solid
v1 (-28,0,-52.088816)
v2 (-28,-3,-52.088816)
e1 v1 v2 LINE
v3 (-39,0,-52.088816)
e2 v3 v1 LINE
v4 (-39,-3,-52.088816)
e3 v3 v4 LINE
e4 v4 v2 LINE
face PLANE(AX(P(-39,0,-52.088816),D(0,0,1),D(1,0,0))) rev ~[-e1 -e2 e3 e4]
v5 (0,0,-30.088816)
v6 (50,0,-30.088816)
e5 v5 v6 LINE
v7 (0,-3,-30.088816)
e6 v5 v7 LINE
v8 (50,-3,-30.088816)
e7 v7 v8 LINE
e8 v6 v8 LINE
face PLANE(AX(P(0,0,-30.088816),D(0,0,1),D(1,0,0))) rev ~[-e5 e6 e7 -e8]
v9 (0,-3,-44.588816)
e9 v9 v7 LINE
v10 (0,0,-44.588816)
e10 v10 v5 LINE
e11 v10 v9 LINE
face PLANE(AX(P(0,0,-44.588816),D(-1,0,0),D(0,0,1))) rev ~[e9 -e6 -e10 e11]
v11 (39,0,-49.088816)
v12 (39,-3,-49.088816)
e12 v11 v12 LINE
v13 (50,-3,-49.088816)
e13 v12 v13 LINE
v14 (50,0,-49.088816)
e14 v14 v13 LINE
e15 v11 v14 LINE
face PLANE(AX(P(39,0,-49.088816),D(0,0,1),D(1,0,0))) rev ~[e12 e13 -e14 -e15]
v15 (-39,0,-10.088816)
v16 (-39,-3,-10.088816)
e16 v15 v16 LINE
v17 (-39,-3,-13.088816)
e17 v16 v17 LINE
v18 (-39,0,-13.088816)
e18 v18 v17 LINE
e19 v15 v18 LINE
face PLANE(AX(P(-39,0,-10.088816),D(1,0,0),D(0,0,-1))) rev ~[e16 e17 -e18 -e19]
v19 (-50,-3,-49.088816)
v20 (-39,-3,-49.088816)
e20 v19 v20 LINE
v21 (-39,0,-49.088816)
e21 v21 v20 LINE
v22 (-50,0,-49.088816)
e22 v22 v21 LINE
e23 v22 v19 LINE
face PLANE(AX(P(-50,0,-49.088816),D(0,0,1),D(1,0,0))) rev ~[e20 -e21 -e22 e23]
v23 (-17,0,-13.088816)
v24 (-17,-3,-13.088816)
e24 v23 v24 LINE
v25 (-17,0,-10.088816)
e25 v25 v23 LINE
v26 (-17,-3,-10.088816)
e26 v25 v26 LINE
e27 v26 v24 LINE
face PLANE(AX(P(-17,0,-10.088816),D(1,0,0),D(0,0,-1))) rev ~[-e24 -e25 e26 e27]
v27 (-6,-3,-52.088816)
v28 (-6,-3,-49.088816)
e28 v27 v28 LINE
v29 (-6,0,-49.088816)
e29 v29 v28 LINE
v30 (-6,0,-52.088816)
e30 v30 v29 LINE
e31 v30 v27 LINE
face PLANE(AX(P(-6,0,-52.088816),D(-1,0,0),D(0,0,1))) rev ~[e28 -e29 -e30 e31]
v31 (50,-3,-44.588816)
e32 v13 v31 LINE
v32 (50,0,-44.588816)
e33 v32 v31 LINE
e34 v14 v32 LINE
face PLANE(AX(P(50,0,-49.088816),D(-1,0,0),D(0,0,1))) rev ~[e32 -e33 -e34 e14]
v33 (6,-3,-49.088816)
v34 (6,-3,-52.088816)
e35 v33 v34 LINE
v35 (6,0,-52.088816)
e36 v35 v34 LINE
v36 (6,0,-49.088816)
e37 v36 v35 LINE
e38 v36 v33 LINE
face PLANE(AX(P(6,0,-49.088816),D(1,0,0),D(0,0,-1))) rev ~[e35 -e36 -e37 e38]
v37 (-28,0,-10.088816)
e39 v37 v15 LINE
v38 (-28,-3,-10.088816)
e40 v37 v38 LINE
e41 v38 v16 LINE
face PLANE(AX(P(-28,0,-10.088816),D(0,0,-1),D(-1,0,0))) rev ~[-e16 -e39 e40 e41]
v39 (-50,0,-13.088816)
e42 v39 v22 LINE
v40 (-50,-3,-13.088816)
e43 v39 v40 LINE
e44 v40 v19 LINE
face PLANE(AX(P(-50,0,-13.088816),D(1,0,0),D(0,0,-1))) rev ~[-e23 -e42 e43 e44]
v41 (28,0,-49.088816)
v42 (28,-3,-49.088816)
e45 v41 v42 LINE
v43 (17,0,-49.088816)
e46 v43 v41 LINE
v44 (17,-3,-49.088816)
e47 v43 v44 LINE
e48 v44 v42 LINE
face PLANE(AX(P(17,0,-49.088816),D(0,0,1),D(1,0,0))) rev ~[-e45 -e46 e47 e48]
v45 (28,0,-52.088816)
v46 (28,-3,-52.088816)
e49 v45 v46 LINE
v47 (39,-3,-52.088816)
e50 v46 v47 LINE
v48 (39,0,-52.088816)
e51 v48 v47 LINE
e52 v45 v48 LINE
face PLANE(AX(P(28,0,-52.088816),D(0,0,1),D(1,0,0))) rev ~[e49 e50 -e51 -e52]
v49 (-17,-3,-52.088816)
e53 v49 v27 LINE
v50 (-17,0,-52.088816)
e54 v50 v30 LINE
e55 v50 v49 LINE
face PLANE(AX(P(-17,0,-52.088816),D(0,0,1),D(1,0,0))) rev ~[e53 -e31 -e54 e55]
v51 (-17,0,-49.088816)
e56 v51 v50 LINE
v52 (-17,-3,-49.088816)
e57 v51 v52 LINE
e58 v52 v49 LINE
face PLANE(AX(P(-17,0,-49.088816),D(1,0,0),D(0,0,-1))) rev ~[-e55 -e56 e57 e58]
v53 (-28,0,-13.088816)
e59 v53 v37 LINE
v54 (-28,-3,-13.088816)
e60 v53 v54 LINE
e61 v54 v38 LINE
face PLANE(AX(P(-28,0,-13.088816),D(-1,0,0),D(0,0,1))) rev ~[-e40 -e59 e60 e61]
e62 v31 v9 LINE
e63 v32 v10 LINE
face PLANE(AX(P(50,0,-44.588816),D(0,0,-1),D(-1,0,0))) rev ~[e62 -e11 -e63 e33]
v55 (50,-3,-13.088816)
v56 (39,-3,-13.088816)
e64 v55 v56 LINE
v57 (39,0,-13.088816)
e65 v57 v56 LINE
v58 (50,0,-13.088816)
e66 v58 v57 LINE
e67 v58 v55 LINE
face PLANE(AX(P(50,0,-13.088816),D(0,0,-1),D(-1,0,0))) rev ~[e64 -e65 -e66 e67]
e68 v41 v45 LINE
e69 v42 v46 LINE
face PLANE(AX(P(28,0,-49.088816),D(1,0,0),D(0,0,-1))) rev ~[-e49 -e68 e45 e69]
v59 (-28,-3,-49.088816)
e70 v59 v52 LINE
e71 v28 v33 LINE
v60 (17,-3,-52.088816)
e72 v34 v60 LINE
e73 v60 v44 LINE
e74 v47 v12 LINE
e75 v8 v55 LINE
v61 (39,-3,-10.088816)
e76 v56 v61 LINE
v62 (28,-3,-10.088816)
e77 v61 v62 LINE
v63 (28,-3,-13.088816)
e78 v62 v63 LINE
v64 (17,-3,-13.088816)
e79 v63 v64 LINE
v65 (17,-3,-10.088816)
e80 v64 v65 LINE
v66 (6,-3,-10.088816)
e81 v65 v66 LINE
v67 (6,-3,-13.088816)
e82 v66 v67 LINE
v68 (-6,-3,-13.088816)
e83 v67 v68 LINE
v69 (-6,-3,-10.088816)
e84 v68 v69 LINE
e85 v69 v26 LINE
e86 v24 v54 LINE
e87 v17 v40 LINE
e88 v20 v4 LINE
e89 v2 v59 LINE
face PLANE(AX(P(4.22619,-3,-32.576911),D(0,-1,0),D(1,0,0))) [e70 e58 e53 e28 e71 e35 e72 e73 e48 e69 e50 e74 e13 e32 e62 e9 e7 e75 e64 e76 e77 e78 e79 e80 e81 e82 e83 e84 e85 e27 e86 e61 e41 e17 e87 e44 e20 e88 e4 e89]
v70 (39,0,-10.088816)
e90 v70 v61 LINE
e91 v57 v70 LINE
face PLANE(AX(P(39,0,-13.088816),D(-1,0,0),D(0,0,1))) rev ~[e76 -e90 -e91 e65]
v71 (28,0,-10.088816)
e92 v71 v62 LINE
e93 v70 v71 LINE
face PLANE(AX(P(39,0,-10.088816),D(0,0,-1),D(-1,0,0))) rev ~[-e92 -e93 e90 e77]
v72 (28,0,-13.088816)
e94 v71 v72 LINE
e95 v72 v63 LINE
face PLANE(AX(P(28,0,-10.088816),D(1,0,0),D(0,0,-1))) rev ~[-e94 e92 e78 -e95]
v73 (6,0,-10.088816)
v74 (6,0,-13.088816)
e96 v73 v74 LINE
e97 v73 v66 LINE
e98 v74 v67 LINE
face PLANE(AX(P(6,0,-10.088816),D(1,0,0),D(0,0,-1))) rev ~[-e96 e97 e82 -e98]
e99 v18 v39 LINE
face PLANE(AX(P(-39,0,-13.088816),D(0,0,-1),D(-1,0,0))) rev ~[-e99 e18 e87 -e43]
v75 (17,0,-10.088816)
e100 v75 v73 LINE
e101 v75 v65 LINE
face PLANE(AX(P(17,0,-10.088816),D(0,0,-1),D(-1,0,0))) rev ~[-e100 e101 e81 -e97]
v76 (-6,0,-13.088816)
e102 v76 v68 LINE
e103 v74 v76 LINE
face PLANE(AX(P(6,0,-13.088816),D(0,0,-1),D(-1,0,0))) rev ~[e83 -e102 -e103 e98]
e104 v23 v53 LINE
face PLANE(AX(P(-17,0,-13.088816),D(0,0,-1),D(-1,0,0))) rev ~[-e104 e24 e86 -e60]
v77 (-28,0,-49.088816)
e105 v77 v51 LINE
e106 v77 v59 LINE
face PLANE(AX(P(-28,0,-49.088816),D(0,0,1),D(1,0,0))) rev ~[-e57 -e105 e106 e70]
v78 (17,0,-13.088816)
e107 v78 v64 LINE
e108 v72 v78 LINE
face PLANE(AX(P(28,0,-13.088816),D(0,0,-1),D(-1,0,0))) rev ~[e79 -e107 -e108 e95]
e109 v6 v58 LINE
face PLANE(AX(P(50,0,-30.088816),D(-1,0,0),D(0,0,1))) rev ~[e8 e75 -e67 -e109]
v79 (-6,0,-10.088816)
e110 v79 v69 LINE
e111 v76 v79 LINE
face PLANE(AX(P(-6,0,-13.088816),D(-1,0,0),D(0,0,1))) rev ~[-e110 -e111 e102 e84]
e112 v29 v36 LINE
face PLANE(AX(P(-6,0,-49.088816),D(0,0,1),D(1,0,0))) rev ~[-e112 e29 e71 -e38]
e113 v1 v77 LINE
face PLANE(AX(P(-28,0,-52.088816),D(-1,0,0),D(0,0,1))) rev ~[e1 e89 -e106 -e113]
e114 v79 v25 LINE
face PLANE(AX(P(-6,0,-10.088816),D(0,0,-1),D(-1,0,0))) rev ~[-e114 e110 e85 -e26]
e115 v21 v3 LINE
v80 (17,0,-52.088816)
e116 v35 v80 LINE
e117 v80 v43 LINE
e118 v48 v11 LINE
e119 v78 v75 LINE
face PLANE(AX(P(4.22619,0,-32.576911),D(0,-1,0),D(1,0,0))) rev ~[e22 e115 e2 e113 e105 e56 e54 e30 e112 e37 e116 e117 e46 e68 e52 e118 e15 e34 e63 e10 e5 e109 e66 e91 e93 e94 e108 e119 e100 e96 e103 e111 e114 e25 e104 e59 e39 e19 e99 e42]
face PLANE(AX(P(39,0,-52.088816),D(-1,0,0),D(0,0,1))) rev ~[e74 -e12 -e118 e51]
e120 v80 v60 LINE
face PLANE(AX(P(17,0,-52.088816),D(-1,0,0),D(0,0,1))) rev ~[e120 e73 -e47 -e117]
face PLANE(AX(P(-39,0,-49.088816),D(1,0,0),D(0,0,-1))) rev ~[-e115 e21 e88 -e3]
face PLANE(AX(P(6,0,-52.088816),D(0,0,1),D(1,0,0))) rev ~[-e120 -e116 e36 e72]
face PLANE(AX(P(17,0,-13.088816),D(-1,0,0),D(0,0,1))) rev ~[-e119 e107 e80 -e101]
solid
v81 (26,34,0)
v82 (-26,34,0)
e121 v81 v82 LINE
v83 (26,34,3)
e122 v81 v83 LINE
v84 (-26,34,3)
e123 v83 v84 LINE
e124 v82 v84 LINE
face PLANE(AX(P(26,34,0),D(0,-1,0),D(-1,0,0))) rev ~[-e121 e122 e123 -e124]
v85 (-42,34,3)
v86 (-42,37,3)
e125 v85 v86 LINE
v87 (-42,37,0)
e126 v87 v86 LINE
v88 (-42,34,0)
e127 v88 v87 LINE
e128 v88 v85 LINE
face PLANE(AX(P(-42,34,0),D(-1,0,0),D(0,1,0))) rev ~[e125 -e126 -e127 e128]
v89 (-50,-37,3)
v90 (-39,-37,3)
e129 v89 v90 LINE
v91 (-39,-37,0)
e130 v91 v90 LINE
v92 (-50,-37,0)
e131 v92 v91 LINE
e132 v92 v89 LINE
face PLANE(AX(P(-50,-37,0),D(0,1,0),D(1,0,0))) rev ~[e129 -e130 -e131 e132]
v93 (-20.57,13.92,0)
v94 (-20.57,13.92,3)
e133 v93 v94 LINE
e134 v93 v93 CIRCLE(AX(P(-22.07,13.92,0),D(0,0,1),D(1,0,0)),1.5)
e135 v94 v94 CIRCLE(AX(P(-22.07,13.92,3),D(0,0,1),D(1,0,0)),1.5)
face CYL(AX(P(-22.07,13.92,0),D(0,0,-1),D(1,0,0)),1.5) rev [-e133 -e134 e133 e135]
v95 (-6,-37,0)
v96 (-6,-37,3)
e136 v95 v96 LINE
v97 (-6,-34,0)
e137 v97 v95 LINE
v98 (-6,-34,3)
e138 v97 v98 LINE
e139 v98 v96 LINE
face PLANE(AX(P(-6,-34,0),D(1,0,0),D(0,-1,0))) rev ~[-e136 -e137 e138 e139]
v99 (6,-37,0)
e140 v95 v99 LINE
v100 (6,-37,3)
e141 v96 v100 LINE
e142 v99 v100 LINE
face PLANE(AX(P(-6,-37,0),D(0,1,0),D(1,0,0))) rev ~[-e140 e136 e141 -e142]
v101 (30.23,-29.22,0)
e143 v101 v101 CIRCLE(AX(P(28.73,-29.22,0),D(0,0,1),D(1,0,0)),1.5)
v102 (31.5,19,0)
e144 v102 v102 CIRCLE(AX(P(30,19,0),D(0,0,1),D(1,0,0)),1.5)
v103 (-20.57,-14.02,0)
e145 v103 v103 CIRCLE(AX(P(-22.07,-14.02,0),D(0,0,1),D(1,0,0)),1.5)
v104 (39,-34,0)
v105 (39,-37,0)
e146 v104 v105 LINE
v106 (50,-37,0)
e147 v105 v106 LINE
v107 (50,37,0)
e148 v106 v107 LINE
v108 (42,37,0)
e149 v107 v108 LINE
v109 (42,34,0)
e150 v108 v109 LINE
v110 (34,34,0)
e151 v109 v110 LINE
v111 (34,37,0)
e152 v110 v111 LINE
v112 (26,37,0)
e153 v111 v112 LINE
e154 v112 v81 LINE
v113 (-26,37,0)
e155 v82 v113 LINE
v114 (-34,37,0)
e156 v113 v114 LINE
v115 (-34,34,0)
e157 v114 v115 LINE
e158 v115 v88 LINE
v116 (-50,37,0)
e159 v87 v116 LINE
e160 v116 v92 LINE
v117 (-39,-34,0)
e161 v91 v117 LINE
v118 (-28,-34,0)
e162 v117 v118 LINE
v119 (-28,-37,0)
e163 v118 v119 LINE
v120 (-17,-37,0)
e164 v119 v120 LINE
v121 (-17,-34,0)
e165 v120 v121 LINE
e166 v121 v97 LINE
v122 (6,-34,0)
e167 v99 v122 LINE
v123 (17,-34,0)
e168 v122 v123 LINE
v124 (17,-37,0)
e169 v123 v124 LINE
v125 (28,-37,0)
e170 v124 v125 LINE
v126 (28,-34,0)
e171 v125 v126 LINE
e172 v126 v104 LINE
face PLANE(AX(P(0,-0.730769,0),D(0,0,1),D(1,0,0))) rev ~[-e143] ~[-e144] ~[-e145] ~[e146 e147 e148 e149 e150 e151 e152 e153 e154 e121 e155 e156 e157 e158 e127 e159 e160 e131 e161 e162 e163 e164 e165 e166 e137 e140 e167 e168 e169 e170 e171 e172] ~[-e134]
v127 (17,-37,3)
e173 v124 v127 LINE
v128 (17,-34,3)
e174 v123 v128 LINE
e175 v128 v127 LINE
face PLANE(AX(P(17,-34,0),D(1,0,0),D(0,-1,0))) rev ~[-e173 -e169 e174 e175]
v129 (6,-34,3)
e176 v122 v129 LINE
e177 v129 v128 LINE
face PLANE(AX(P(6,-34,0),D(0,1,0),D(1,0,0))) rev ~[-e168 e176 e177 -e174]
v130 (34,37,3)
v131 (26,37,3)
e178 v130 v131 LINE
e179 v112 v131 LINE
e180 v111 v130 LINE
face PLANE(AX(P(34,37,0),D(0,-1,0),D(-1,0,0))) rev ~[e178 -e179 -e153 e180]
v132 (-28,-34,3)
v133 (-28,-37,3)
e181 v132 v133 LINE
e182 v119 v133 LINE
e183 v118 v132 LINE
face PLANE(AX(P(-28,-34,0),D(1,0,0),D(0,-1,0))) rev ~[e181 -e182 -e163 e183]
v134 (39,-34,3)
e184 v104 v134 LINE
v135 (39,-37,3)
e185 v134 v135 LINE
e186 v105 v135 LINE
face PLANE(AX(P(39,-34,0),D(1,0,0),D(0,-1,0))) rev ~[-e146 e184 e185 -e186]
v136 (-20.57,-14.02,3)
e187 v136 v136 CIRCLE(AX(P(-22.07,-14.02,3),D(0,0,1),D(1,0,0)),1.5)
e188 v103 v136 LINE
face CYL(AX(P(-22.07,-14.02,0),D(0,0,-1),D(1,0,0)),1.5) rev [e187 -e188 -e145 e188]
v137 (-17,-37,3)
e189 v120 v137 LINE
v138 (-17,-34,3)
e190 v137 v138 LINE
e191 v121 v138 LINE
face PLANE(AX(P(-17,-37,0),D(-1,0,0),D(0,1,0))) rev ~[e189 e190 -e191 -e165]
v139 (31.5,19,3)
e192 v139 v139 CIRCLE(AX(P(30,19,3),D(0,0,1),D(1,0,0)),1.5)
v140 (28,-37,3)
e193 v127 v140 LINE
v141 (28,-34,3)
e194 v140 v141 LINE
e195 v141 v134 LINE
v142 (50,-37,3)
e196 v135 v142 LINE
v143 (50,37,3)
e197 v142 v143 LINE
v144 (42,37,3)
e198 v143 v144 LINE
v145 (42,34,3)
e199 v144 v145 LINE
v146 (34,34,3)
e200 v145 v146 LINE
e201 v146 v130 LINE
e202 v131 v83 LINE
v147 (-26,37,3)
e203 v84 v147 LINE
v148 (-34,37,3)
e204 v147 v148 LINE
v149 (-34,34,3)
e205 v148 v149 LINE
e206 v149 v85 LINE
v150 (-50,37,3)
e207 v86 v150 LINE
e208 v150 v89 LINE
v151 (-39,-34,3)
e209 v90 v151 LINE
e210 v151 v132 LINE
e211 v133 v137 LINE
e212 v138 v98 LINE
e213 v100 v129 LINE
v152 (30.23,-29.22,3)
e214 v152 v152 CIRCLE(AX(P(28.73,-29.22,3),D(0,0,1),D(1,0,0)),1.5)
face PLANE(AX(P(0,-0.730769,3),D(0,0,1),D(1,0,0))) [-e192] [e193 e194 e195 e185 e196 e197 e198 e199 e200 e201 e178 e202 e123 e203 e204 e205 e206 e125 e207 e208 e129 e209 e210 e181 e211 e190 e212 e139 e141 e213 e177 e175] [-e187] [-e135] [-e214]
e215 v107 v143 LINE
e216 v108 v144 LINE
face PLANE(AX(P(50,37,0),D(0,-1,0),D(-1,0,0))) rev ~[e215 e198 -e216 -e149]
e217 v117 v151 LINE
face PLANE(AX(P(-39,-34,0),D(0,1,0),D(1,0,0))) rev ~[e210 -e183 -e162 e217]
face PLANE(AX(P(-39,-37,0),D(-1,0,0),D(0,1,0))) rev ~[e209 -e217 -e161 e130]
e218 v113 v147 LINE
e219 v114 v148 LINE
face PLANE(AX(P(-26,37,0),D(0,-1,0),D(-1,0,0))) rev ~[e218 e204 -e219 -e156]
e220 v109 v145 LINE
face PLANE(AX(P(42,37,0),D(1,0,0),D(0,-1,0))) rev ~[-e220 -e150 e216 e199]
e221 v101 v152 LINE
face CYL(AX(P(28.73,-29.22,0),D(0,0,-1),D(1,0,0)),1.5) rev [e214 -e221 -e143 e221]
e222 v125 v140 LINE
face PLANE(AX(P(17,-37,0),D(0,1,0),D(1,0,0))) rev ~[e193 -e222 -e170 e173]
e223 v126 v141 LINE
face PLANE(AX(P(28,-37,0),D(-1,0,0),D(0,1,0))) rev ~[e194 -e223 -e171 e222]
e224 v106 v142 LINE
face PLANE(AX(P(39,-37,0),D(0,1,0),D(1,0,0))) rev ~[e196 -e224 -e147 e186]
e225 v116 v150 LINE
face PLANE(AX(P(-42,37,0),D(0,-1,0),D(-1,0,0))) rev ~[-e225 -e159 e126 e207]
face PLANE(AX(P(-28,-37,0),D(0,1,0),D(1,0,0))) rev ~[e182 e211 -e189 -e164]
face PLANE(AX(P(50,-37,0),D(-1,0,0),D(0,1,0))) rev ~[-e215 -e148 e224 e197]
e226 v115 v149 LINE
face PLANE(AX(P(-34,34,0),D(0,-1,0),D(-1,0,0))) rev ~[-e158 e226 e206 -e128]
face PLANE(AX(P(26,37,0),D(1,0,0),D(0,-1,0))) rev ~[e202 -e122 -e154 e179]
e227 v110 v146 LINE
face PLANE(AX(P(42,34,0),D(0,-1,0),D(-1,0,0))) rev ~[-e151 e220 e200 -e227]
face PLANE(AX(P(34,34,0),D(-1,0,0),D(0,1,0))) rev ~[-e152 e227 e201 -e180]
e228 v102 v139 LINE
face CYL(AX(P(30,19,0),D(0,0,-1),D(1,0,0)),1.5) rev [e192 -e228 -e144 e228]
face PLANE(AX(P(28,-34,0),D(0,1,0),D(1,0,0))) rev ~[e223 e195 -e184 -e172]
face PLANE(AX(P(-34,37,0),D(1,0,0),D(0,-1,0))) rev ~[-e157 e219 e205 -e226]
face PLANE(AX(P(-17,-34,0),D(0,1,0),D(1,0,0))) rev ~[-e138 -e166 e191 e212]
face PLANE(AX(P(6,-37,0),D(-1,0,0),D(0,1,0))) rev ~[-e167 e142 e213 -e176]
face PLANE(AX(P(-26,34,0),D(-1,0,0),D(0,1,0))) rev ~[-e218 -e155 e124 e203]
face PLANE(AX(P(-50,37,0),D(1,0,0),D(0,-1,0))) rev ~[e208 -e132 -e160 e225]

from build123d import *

# Parameters (mm, degrees)
F0_R     = 1.5
F1_DEPTH = 3
F3_DEPTH = 3


with BuildPart() as f1:
    # F0 (on Top) → F1 (new body)
    with BuildSketch(Plane.XY):
        Polygon((39, -37), (50, -37), (50, 37), (42, 37), (42, 34), (34, 34), (34, 37), (26, 37), (26, 34), (-26, 34), (-26, 37), (-34, 37), (-34, 34), (-42, 34), (-42, 37), (-50, 37), (-50, -37), (-39, -37), (-39, -34), (-28, -34), (-28, -37), (-17, -37), (-17, -34), (-6, -34), (-6, -37), (6, -37), (6, -34), (17, -34), (17, -37), (28, -37), (28, -34), (39, -34), align=None)
        with Locations((-22.07, -14.02)):
            Circle(F0_R, mode=Mode.SUBTRACT)
        with Locations((28.73, -29.22)):
            Circle(F0_R, mode=Mode.SUBTRACT)
        with Locations((-22.07, 13.92)):
            Circle(F0_R, mode=Mode.SUBTRACT)
        with Locations((30, 19)):
            Circle(F0_R, mode=Mode.SUBTRACT)
    extrude(amount=F1_DEPTH)


with BuildPart() as f3:
    # F2 (on Front) → F3 (new body)
    with BuildSketch(Plane.XZ):
        Polygon((-39, -49.088816), (-39, -52.088816), (-28, -52.088816), (-28, -49.088816), (-17, -49.088816), (-17, -52.088816), (-6, -52.088816), (-6, -49.088816), (6, -49.088816), (6, -52.088816), (17, -52.088816), (17, -49.088816), (28, -49.088816), (28, -52.088816), (39, -52.088816), (39, -49.088816), (50, -49.088816), (50, -44.588816), (0, -44.588816), (0, -30.088816), (50, -30.088816), (50, -13.088816), (39, -13.088816), (39, -10.088816), (28, -10.088816), (28, -13.088816), (17, -13.088816), (17, -10.088816), (6, -10.088816), (6, -13.088816), (-6, -13.088816), (-6, -10.088816), (-17, -10.088816), (-17, -13.088816), (-28, -13.088816), (-28, -10.088816), (-39, -10.088816), (-39, -13.088816), (-50, -13.088816), (-50, -49.088816), align=None)
    extrude(amount=F3_DEPTH)


solid = Compound([f1.part, f3.part])
